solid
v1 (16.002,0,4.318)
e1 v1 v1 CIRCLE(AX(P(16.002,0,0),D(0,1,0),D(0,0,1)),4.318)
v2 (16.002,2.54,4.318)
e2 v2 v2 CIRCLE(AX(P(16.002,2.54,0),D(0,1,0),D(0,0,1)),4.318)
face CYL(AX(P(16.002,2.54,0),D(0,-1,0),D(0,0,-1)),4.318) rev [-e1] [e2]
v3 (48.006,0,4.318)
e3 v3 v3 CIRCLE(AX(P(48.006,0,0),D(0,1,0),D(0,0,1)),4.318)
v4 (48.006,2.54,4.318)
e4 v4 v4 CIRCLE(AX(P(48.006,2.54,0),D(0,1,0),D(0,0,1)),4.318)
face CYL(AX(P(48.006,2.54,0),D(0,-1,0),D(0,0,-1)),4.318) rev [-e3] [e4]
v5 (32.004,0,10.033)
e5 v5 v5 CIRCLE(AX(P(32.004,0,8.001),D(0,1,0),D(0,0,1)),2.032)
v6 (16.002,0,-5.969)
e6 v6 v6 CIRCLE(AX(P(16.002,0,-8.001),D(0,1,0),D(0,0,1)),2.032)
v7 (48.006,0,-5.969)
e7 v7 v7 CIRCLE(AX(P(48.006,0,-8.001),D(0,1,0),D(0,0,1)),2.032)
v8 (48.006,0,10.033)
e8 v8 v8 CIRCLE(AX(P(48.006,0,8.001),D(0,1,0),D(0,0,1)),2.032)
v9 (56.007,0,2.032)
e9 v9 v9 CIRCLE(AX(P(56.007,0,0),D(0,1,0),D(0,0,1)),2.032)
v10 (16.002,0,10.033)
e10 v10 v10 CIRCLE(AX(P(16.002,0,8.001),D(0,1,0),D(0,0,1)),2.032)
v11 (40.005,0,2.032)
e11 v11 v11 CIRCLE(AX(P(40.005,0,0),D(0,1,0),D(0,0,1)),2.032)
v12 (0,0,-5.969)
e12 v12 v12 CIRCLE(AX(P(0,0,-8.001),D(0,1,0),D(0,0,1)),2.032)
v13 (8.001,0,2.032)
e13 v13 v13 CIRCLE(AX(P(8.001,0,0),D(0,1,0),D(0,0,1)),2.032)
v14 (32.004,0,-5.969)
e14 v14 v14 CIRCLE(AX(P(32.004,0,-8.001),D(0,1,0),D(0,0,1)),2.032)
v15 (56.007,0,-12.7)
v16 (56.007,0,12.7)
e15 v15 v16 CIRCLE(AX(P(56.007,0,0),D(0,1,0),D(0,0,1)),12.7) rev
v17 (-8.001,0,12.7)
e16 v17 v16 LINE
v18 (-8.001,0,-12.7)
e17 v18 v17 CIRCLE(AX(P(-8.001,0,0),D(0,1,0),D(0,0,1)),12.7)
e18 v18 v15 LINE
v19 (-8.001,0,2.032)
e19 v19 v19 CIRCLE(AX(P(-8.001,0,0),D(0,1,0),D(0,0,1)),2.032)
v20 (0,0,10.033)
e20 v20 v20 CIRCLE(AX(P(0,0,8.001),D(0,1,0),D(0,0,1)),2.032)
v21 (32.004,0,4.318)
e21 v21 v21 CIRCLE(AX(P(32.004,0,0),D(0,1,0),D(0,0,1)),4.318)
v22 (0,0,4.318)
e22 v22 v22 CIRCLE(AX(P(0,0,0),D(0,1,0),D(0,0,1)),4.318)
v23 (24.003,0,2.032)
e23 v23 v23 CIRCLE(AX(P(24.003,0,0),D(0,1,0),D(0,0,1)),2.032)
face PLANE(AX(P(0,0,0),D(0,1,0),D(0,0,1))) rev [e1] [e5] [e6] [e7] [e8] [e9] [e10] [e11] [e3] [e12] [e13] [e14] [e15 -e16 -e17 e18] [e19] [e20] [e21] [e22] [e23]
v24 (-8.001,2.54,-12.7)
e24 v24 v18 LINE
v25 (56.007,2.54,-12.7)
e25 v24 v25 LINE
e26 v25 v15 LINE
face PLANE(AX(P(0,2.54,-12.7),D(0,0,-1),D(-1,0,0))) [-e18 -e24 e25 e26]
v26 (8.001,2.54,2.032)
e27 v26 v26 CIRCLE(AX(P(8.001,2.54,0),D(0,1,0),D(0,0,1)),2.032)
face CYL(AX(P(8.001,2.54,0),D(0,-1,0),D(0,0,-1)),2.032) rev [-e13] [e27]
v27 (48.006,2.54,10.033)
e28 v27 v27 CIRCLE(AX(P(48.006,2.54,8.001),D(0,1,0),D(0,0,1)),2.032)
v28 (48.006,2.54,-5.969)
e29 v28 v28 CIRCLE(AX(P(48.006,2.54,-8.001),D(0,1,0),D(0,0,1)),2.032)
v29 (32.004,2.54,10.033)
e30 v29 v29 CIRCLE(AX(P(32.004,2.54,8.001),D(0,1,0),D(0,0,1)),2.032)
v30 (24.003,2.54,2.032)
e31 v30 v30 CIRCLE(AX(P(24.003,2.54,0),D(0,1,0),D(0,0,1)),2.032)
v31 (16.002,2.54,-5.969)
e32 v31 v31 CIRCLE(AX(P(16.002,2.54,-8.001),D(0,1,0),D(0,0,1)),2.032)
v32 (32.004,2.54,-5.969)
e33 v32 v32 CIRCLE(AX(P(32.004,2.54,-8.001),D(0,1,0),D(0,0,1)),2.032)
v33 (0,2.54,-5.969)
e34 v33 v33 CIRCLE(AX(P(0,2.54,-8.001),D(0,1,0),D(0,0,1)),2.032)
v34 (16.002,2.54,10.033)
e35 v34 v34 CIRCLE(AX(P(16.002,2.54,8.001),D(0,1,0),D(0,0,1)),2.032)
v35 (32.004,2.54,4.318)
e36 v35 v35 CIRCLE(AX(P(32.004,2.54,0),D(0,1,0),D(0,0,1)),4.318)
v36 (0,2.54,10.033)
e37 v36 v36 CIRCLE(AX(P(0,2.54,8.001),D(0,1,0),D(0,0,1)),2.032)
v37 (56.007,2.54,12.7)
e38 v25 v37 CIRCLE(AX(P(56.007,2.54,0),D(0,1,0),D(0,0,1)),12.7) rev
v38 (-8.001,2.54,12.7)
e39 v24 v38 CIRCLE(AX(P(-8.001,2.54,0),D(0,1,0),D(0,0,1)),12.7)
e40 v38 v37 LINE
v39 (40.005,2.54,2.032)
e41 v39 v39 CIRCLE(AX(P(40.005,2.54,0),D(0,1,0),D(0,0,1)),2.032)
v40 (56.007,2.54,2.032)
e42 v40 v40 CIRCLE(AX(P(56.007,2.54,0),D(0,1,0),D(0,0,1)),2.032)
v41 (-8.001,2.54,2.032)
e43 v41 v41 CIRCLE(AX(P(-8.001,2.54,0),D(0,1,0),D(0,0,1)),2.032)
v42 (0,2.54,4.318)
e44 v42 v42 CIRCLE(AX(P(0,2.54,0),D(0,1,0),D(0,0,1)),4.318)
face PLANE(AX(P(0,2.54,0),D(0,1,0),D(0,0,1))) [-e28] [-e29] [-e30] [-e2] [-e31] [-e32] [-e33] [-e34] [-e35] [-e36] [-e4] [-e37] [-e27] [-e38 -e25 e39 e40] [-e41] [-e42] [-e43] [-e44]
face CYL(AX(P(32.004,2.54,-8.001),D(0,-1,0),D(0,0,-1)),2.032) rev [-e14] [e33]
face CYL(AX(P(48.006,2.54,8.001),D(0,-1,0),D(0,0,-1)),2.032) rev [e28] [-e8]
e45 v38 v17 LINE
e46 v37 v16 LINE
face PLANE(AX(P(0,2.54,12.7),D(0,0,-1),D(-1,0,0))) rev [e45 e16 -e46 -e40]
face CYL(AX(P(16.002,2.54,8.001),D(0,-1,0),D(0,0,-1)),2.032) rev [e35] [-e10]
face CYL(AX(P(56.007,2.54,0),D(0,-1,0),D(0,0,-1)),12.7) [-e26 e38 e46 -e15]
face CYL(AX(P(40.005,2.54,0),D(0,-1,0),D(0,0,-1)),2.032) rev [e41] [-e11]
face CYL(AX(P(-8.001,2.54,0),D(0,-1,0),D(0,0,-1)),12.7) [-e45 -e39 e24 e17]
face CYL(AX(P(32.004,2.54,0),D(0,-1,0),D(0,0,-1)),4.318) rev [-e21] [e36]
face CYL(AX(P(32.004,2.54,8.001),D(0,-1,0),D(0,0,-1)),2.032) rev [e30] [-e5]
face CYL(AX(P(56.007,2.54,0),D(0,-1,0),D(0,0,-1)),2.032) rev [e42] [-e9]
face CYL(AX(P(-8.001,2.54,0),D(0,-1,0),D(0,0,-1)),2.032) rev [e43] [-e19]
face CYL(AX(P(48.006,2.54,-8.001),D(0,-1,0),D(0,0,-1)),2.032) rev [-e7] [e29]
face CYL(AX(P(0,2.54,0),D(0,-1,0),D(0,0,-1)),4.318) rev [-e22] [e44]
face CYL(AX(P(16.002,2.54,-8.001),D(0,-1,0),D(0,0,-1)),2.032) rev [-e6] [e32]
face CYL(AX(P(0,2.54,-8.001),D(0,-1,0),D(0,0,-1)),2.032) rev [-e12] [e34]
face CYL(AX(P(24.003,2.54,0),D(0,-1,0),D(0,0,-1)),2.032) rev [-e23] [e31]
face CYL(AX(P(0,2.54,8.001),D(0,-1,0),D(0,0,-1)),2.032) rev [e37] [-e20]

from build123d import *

# Parameters (mm, degrees)
SKETCH2_R           = 2.032
SKETCH2_R_2         = 4.318
BOSS_EXTRUDE1_DEPTH = 2.54


with BuildPart() as part:
    # Sketch2 → Boss-Extrude1 (new body)
    with BuildSketch(Plane(origin=(0, 0, 0), x_dir=(1, 0, 0), z_dir=(0, 1, 0))):
        with BuildLine():
            Line((56.007, 12.7), (-8.001, 12.7))
            ThreePointArc((-8.001, 12.7), (-20.701, 0), (-8.001, -12.7))
            Line((-8.001, -12.7), (56.007, -12.7))
            ThreePointArc((56.007, -12.7), (68.707, 0), (56.007, 12.7))
        make_face()
        with Locations((0, -8.001)):
            Circle(SKETCH2_R, mode=Mode.SUBTRACT)
        with Locations((16.002, -8.001)):
            Circle(SKETCH2_R, mode=Mode.SUBTRACT)
        with Locations((-8.001, 0)):
            Circle(SKETCH2_R, mode=Mode.SUBTRACT)
        with Locations((32.004, -8.001)):
            Circle(SKETCH2_R, mode=Mode.SUBTRACT)
        with Locations((48.006, -8.001)):
            Circle(SKETCH2_R, mode=Mode.SUBTRACT)
        with Locations((24.003, 0)):
            Circle(SKETCH2_R, mode=Mode.SUBTRACT)
        with Locations((40.005, 0)):
            Circle(SKETCH2_R, mode=Mode.SUBTRACT)
        with Locations((56.007, 0)):
            Circle(SKETCH2_R, mode=Mode.SUBTRACT)
        Circle(SKETCH2_R_2, mode=Mode.SUBTRACT)
        with Locations((8.001, 0)):
            Circle(SKETCH2_R, mode=Mode.SUBTRACT)
        with Locations((16.002, 0)):
            Circle(SKETCH2_R_2, mode=Mode.SUBTRACT)
        with Locations((0, 8.001)):
            Circle(SKETCH2_R, mode=Mode.SUBTRACT)
        with Locations((16.002, 8.001)):
            Circle(SKETCH2_R, mode=Mode.SUBTRACT)
        with Locations((32.004, 0)):
            Circle(SKETCH2_R_2, mode=Mode.SUBTRACT)
        with Locations((48.006, 0)):
            Circle(SKETCH2_R_2, mode=Mode.SUBTRACT)
        with Locations((32.004, 8.001)):
            Circle(SKETCH2_R, mode=Mode.SUBTRACT)
        with Locations((48.006, 8.001)):
            Circle(SKETCH2_R, mode=Mode.SUBTRACT)
    extrude(amount=BOSS_EXTRUDE1_DEPTH)


solid = part.part
